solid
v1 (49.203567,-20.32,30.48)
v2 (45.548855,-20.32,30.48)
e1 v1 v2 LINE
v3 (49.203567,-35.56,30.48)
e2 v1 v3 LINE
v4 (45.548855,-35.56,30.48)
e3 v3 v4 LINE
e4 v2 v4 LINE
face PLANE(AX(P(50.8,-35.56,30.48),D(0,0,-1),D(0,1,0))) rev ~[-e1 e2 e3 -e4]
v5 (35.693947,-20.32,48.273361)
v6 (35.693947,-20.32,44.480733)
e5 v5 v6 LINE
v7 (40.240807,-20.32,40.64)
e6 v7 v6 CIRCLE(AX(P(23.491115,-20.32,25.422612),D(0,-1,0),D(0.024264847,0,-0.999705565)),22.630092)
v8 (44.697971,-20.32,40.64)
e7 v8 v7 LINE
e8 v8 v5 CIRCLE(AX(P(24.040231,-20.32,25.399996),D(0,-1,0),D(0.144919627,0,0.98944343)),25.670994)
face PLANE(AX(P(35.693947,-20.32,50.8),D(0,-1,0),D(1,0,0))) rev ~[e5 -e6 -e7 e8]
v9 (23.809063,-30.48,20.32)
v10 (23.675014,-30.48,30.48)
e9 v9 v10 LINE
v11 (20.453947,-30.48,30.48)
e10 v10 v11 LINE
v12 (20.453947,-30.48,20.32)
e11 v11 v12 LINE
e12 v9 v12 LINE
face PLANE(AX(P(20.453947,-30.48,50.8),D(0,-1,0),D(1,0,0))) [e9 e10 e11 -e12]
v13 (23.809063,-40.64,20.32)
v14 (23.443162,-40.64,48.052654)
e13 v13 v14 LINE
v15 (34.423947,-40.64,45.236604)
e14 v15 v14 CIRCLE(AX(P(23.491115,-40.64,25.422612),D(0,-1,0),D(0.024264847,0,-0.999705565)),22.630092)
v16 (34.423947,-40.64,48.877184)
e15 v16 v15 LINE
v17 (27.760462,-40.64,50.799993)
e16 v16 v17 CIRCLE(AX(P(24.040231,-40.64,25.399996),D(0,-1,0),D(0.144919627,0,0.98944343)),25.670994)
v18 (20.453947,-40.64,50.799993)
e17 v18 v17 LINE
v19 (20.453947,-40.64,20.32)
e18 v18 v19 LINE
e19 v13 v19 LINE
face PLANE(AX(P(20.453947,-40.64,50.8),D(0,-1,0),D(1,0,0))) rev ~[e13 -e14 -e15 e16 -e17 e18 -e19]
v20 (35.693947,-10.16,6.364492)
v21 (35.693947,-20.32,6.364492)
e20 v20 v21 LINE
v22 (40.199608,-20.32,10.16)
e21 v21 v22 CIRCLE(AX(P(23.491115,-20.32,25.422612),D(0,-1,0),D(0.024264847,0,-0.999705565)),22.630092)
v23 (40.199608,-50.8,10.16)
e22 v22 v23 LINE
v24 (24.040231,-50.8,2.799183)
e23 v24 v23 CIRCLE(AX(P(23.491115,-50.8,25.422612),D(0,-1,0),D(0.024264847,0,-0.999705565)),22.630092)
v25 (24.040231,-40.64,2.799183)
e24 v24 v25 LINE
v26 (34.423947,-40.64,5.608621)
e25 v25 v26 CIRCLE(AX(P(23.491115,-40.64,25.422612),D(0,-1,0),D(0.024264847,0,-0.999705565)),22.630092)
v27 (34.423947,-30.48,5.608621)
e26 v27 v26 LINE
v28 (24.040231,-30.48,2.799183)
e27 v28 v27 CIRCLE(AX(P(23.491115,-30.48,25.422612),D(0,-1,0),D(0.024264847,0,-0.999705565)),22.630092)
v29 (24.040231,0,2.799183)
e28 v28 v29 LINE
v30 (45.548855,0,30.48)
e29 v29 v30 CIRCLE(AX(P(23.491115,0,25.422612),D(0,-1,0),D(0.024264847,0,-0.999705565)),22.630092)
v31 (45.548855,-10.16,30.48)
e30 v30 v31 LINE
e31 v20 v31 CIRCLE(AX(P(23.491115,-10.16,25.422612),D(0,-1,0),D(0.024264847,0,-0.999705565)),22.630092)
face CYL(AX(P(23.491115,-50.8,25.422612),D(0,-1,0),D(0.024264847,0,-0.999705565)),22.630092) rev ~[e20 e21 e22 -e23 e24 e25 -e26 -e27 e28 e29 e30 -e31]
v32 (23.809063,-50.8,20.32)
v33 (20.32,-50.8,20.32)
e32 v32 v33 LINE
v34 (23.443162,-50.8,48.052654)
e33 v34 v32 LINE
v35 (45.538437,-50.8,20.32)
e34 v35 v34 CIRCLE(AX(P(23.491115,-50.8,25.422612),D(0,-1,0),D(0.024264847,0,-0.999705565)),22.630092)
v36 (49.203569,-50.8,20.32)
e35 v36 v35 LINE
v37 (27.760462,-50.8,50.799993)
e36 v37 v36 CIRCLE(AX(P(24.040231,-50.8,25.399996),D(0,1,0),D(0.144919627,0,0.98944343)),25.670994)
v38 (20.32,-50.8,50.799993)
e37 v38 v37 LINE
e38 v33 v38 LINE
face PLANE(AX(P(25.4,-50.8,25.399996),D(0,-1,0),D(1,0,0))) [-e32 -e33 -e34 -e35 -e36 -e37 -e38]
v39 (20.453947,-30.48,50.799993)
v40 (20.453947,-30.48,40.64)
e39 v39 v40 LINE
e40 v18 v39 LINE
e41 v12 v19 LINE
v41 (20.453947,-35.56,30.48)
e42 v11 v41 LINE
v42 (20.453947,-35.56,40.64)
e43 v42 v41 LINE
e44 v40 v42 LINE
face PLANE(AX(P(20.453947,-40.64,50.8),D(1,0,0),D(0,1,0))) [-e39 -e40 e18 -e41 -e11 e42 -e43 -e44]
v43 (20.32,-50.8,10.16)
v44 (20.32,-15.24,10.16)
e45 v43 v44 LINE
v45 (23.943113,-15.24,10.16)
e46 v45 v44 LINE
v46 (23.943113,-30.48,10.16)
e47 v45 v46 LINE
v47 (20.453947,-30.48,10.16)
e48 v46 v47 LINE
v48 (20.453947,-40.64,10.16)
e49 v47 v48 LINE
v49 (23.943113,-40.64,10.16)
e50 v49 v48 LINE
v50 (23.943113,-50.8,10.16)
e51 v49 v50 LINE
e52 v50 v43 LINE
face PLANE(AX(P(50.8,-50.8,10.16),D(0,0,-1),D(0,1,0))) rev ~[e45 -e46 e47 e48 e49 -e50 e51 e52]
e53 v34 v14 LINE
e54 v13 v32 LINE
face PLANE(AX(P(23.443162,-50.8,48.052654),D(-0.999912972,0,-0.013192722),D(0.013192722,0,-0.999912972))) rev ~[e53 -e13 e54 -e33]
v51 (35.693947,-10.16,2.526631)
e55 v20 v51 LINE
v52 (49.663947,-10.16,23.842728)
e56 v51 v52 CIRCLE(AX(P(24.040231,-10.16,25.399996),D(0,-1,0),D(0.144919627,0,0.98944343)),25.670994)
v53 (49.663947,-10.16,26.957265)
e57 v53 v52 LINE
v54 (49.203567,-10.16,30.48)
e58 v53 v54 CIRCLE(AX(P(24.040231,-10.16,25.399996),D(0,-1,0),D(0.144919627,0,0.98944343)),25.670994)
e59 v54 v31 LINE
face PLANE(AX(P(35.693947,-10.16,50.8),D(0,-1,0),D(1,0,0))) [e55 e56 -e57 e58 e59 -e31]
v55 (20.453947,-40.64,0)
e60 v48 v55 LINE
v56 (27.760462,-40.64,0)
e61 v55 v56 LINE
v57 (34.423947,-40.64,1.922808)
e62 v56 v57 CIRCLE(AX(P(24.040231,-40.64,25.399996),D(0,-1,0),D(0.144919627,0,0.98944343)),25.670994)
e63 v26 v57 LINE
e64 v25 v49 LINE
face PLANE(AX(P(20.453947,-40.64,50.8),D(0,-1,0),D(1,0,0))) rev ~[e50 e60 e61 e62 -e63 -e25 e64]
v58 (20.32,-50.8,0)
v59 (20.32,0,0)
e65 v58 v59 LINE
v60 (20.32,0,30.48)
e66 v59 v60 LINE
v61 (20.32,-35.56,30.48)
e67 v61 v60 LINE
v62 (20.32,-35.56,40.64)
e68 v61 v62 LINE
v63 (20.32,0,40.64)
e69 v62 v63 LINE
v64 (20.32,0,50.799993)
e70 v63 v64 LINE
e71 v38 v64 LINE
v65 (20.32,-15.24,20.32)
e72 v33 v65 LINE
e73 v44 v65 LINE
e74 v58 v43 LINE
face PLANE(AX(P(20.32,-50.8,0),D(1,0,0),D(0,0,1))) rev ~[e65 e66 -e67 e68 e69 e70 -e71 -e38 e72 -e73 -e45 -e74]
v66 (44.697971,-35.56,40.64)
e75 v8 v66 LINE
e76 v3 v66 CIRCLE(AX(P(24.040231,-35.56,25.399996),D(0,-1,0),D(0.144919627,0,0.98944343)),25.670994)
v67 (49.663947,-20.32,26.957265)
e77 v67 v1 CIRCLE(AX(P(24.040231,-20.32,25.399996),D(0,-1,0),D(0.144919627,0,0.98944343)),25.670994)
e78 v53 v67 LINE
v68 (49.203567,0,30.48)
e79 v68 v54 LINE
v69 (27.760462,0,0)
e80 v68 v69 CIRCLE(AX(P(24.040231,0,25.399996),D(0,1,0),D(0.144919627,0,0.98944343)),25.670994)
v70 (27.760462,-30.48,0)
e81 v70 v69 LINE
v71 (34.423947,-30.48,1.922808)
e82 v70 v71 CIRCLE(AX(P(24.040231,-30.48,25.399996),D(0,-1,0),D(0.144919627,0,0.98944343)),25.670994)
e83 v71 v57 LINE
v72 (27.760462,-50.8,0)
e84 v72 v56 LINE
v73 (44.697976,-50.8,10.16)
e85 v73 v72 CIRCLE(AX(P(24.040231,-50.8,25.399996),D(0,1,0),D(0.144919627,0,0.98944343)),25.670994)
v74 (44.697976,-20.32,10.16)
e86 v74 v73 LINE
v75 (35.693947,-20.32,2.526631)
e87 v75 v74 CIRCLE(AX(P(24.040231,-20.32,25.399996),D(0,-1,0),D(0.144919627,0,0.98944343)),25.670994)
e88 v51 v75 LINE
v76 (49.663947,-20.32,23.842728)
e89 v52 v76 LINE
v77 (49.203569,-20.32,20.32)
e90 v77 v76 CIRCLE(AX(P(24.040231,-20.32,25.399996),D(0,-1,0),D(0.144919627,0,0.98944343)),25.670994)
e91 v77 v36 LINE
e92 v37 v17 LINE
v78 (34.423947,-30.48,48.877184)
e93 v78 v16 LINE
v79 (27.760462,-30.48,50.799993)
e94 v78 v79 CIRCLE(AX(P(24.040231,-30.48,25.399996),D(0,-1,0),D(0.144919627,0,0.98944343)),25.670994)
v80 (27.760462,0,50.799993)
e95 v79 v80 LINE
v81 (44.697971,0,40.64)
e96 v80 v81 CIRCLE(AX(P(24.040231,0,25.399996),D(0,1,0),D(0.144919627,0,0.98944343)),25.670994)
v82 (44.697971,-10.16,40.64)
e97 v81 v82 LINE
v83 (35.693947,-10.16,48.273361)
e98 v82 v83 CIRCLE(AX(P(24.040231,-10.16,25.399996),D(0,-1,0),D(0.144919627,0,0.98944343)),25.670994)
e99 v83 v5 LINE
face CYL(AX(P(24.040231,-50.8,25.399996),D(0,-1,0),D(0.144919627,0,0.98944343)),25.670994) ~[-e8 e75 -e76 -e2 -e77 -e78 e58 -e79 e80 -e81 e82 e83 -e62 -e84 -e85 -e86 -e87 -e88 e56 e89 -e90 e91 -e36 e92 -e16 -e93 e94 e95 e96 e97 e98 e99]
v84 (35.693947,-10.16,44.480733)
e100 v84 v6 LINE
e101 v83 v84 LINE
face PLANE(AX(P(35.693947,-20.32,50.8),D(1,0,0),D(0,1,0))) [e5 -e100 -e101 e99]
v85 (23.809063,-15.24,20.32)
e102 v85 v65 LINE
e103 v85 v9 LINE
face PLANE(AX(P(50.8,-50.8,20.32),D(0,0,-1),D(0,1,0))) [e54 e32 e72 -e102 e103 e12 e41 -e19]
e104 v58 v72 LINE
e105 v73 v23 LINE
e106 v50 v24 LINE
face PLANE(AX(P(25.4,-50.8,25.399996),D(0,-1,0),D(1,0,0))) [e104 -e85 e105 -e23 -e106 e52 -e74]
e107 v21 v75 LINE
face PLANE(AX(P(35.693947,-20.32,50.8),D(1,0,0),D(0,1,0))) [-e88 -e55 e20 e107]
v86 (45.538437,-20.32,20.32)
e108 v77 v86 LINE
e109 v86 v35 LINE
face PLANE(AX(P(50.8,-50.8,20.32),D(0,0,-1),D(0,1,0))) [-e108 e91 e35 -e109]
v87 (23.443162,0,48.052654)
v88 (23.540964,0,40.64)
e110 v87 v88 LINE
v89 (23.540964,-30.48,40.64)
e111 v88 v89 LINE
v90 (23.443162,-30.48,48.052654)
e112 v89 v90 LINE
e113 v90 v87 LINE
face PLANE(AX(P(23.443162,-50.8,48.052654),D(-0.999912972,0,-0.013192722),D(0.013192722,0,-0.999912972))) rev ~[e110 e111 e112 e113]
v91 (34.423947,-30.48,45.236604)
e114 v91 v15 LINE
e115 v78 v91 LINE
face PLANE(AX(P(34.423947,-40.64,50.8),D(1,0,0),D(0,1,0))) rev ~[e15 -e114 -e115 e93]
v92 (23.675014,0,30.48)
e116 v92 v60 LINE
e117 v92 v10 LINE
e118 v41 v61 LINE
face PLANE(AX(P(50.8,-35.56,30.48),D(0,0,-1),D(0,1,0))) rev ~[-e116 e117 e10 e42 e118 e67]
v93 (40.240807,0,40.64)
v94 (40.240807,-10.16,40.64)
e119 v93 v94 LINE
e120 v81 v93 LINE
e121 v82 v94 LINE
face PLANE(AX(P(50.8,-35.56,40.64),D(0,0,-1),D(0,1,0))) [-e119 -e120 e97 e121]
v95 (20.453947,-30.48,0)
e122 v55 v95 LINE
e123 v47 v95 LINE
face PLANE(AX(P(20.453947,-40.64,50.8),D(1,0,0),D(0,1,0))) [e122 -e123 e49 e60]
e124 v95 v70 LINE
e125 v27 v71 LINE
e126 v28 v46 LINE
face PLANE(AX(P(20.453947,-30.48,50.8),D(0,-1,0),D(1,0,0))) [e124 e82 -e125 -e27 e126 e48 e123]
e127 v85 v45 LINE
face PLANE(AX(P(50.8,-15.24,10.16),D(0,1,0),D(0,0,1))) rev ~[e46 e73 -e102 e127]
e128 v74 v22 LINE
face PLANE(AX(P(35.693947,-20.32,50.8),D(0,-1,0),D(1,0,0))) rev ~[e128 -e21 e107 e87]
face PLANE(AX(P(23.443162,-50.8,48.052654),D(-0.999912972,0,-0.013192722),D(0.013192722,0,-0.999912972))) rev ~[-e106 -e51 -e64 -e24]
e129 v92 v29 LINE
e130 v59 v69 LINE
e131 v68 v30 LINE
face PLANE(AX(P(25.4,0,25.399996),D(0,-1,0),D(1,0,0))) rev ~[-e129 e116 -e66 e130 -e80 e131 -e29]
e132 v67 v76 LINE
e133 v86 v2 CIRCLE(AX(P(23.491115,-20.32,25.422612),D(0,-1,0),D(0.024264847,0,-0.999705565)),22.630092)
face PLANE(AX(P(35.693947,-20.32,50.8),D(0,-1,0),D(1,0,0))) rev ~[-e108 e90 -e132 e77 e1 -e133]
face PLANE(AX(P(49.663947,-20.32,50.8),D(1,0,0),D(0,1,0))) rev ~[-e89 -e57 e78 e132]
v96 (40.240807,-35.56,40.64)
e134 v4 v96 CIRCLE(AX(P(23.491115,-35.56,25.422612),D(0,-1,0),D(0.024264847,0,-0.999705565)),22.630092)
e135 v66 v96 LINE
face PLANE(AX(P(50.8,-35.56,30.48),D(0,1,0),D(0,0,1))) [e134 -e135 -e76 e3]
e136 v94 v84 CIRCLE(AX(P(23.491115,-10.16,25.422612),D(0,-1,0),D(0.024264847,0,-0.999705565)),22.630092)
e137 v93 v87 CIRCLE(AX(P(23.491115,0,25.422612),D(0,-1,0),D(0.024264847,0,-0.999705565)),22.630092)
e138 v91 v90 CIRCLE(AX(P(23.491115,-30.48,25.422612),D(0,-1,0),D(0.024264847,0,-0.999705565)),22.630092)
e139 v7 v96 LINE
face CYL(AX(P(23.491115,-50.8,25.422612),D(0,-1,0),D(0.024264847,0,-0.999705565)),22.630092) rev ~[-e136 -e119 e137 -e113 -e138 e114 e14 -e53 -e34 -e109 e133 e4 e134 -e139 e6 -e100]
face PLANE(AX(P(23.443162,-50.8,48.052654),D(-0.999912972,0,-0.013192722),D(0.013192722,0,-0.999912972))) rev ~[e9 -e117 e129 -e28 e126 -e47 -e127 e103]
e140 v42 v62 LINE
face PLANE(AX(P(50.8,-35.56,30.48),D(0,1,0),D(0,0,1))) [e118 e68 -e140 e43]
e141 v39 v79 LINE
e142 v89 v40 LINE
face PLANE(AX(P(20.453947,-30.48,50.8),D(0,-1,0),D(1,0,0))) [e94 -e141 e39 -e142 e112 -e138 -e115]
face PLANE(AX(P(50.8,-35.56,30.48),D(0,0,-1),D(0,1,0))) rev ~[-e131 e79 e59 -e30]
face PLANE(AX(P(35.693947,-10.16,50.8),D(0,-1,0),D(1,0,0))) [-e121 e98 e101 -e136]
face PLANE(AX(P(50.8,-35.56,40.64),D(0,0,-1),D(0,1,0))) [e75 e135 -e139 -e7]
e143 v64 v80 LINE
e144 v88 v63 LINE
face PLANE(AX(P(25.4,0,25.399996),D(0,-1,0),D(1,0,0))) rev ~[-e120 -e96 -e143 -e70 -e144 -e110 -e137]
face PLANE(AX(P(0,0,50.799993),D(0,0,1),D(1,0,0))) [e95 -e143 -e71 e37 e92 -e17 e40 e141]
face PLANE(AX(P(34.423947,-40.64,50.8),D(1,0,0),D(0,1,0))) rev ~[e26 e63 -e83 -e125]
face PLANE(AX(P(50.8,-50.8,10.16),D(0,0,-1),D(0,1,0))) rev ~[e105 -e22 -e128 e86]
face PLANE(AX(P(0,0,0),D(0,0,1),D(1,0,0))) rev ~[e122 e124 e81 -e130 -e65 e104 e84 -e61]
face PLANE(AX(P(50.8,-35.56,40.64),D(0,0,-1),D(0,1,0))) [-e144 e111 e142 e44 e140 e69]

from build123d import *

# Parameters (mm, degrees)
F0_W     = 50.8
F0_H     = 50.799992591
F1_DEPTH = 50.8
F5_DEPTH = 50.8
F6_W     = 35.56
F6_H     = 10.16
F7_DEPTH = 50.8
F8_W     = 13.97
F8_H     = 10.16
F9_DEPTH = 50.8


with BuildPart() as f1:
    # F0 (on Front) → F1 (new body)
    with BuildSketch(Plane.XZ):
        with Locations((25.4, 25.3999962955)):
            Rectangle(F0_W, F0_H)
    extrude(amount=F1_DEPTH)

    # F4 (on face) → F5 (cut)
    with BuildSketch(Plane.XZ.offset(50.8)):
        Polygon((20.32, 50.799992591), (0, 50.799992591), (0, 0), (13.762652874, 0), (20.32, 0), align=None)
        with BuildLine():
            ThreePointArc((24.0402308716, 2.7991833631), (46.1192378047, 25.7211648984), (23.4431624413, 48.0526536703))
            Line((23.4431624413, 48.0526536703), (24.0402308716, 2.7991833631))
        make_face()
        with BuildLine():
            Line((50.8, 50.799992591), (27.7604617432, 50.799992591))
            ThreePointArc((27.7604617432, 50.799992591), (49.7112248054, 25.3999962955), (27.7604617432, 0))
            Line((27.7604617432, 0), (50.8, 0))
            Line((50.8, 0), (50.8, 50.799992591))
        make_face()
    extrude(amount=-F5_DEPTH, mode=Mode.SUBTRACT)

    # F6 (on offset) → F7 (cut)
    with BuildSketch(Plane.YZ.offset(50.8)):
        with Locations((-17.78, 35.56)):
            Rectangle(F6_W, F6_H)
        with Locations((-33.02, 15.24)):
            Rectangle(F6_W, F6_H)
    extrude(amount=-F7_DEPTH, mode=Mode.SUBTRACT)

    # F8 (on offset) → F9 (cut)
    with BuildSketch(Plane.XY.offset(50.8)):
        with Locations((42.6789473106, -15.24)):
            Rectangle(F8_W, F8_H)
        with Locations((27.4389473106, -35.56)):
            Rectangle(F8_W, F8_H)
    extrude(amount=-F9_DEPTH, mode=Mode.SUBTRACT)


solid = f1.part
